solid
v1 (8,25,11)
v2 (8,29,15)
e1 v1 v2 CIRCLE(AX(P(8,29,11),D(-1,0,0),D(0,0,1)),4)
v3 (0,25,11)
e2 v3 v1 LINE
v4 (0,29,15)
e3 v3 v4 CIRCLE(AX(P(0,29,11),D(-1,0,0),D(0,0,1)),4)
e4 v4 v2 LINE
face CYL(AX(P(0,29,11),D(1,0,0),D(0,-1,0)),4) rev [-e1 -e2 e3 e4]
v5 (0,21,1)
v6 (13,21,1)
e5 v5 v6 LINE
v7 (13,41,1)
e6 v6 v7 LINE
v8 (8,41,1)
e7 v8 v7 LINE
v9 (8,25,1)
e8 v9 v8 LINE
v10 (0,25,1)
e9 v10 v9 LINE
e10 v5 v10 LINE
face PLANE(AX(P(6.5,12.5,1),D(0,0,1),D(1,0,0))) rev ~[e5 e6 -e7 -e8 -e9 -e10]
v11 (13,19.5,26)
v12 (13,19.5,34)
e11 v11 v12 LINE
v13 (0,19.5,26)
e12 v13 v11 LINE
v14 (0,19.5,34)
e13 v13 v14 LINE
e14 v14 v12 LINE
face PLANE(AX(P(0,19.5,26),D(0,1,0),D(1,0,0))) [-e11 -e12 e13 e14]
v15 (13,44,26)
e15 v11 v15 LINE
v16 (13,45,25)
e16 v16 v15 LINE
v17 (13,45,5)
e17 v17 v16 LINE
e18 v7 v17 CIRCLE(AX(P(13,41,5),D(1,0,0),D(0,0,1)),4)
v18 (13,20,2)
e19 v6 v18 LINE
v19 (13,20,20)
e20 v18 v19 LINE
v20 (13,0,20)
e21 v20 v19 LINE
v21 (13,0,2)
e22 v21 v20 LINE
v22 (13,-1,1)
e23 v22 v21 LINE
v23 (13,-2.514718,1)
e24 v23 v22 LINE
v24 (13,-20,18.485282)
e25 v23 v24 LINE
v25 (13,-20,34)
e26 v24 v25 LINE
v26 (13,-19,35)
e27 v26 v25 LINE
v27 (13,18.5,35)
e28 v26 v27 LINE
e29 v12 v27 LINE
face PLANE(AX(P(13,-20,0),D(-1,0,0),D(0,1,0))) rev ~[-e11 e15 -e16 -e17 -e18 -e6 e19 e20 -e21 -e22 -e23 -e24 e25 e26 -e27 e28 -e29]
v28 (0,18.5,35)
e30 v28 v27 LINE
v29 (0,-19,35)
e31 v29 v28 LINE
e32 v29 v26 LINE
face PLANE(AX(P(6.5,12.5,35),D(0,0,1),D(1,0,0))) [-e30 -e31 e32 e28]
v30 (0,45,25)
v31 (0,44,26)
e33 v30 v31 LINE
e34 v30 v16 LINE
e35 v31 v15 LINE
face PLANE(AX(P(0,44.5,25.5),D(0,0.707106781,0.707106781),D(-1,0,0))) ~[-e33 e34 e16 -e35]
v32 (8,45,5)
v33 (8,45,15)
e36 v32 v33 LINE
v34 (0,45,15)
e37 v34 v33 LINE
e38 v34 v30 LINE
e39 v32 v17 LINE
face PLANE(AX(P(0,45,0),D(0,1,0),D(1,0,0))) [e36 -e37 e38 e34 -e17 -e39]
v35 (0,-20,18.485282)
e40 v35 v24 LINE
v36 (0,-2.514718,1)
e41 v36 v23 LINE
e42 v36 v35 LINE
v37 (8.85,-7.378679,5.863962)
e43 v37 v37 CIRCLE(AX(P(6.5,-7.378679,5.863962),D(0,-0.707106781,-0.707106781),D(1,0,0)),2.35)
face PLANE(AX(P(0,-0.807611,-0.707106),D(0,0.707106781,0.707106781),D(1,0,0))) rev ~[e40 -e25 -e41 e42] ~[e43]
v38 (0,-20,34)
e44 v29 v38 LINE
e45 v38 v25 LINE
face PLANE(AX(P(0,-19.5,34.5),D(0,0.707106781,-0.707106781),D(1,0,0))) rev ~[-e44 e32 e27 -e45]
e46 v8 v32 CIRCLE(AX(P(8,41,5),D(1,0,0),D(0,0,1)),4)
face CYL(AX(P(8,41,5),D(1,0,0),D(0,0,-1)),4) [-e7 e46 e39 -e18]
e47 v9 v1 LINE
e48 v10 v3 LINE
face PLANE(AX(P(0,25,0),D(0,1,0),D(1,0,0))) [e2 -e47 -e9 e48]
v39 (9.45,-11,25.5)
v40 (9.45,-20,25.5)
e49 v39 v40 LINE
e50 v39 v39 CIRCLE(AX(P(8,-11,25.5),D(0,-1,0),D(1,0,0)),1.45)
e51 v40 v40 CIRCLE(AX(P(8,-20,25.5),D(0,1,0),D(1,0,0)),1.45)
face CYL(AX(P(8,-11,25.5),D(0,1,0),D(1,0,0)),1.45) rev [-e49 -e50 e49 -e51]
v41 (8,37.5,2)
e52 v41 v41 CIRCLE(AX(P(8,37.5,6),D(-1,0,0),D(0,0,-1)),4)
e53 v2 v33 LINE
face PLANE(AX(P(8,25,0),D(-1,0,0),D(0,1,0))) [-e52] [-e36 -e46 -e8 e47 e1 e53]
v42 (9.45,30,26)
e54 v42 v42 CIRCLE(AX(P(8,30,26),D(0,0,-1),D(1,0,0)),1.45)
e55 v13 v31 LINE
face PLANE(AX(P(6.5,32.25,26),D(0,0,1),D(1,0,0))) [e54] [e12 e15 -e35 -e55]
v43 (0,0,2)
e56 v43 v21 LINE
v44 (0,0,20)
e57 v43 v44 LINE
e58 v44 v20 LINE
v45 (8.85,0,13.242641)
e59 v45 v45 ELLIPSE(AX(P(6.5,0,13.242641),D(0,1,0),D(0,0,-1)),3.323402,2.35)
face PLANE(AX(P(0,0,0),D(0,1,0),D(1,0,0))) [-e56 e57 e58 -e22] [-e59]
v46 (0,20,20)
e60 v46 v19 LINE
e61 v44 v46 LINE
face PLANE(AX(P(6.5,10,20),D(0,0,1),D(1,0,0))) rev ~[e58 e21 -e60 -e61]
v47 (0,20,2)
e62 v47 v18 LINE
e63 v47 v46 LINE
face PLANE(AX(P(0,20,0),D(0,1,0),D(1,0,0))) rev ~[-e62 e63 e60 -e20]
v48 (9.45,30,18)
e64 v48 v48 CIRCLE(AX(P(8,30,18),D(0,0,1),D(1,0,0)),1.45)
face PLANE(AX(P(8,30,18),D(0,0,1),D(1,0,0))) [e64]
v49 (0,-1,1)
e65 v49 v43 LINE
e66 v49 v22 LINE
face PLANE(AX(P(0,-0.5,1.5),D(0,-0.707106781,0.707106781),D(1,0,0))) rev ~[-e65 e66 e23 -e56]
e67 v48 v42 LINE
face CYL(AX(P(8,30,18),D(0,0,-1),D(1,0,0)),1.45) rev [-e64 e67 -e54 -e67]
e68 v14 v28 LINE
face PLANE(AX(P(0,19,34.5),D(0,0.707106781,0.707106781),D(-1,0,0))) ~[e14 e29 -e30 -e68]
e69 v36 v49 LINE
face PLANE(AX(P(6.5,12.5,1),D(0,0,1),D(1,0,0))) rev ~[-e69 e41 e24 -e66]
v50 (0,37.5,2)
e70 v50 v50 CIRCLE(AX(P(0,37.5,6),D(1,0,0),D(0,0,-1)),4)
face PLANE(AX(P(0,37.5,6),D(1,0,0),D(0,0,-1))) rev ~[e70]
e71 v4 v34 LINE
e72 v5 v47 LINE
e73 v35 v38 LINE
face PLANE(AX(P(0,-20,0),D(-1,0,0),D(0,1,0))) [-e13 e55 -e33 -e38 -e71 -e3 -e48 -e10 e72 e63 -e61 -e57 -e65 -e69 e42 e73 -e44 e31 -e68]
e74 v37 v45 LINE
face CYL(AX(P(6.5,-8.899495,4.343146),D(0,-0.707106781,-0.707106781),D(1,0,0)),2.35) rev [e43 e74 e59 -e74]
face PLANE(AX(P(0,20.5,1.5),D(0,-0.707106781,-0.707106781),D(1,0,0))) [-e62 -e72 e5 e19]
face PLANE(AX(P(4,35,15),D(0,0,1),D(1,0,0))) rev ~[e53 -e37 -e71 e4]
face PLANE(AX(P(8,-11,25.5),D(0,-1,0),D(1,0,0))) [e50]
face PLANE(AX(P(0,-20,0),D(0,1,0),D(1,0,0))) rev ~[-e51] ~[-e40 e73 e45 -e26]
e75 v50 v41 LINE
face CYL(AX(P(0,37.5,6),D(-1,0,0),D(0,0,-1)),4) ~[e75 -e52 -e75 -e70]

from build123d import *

# Parameters (mm, degrees)
BOX012_W                    = 13
BOX012_H                    = 65
BOX012_DEPTH                = 1
CYLINDER004_R               = 4
CYLINDER004_DEPTH           = 10
CYLINDER002_R               = 1.45
CYLINDER002_DEPTH           = 10
CYLINDER001_R               = 2.35
CYLINDER001_DEPTH           = 15
CYLINDER001_PLACEMENT_ANGLE = 45
CYLINDER_R                  = 1.45
CYLINDER_DEPTH              = 10
BOX004_W                    = 8
BOX004_H                    = 20
BOX004_DEPTH                = 15
BOX002_W                    = 13
BOX002_H                    = 25.5
BOX002_DEPTH                = 9
BOX003_W                    = 13
BOX003_H                    = 25
BOX003_DEPTH                = 50
BOX003_PLACEMENT_ANGLE      = 45
BOX_W                       = 13
BOX_H                       = 20
BOX_DEPTH                   = 20
BOX001_W                    = 13
BOX001_H                    = 65
BOX001_DEPTH                = 35
CHAMFER_SIZE                = 1
FILLET_R                    = 4


with BuildPart() as cube008:
    # Box012 → Box012 (new body)
    with BuildSketch(Plane(origin=(0, -20, 0), x_dir=(1, 0, 0), z_dir=(0, 0, 1))):
        with Locations((6.5, 32.5)):
            Rectangle(BOX012_W, BOX012_H)
    extrude(amount=BOX012_DEPTH)


with BuildPart() as cylinder004:
    # Cylinder004 → Cylinder004 (new body)
    with BuildSketch(Plane(origin=(0, 37.5, 6), x_dir=(0, 0, -1), z_dir=(1, 0, 0))):
        Circle(CYLINDER004_R)
    extrude(amount=CYLINDER004_DEPTH)


with BuildPart() as cylinder002:
    # Cylinder002 → Cylinder002 (new body)
    with BuildSketch(Plane(origin=(8, -11, 25.5), x_dir=(1, 0, 0), z_dir=(0, -1, 0))):
        Circle(CYLINDER002_R)
    extrude(amount=CYLINDER002_DEPTH)


with BuildPart() as cylinder001:
    # Cylinder001 → Cylinder001 (new body)
    with BuildSketch(Plane.XY):
        Circle(CYLINDER001_R)
    extrude(amount=CYLINDER001_DEPTH)


with BuildPart() as cylinder001_1:
    # Cylinder001 placement: moved
    add(cylinder001.part.moved(Location((6.5, -8.899495, 4.343146))).rotate(Axis((6.5, -8.899495, 4.343146), (-1, 0, 0)), CYLINDER001_PLACEMENT_ANGLE))


with BuildPart() as fusion_holes:
    # Cylinder → Cylinder (new body)
    with BuildSketch(Plane(origin=(8, 30, 18), x_dir=(1, 0, 0), z_dir=(0, 0, 1))):
        Circle(CYLINDER_R)
    extrude(amount=CYLINDER_DEPTH)

    # Fusion001: union Cylinder002, Cylinder001
    add(cylinder002.part)
    add(cylinder001_1.part)


with BuildPart() as cube003:
    # Box004 → Box004 (new body)
    with BuildSketch(Plane(origin=(0, 25, 0), x_dir=(1, 0, 0), z_dir=(0, 0, 1))):
        with Locations((4, 10)):
            Rectangle(BOX004_W, BOX004_H)
    extrude(amount=BOX004_DEPTH)


with BuildPart() as cube002:
    # Box002 → Box002 (new body)
    with BuildSketch(Plane(origin=(0, 19.5, 26), x_dir=(1, 0, 0), z_dir=(0, 0, 1))):
        with Locations((6.5, 12.75)):
            Rectangle(BOX002_W, BOX002_H)
    extrude(amount=BOX002_DEPTH)


with BuildPart() as cube_45deg:
    # Box003 → Box003 (new body)
    with BuildSketch(Plane.XY):
        with Locations((6.5, 12.5)):
            Rectangle(BOX003_W, BOX003_H)
    extrude(amount=BOX003_DEPTH)


with BuildPart() as cube_45deg_1:
    # Box003 placement: moved
    add(cube_45deg.part.moved(Location((0, -18.485281, -18.384776))).rotate(Axis((0, -18.485281, -18.384776), (1, 0, 0)), BOX003_PLACEMENT_ANGLE))


with BuildPart() as fusion:
    # Box → Box (new body)
    with BuildSketch(Plane.XY):
        with Locations((6.5, 10)):
            Rectangle(BOX_W, BOX_H)
    extrude(amount=BOX_DEPTH)

    # Fusion: union Cube002, cube_45deg
    add(cube002.part)
    add(cube_45deg_1.part)


with BuildPart() as body:
    # Box001 → Box001 (new body)
    with BuildSketch(Plane(origin=(0, -20, 0), x_dir=(1, 0, 0), z_dir=(0, 0, 1))):
        with Locations((6.5, 32.5)):
            Rectangle(BOX001_W, BOX001_H)
    extrude(amount=BOX001_DEPTH)

    # Cut: cut Fusion
    add(fusion.part, mode=Mode.SUBTRACT)

    # Cut001: cut Cube003
    add(cube003.part, mode=Mode.SUBTRACT)

    # Cut002: cut fusion holes
    add(fusion_holes.part, mode=Mode.SUBTRACT)

    # Fusion002: union Cylinder004
    add(cylinder004.part)

    # Cut008: cut Cube008
    add(cube008.part, mode=Mode.SUBTRACT)

    # Chamfer
    chamfer_edges = [body.edges().sort_by_distance(p)[0] for p in [
        (6.5, 45, 26),
        (6.5, 19.5, 35),
        (6.5, -20, 35),
        (6.5, 0, 1),
        (6.5, 20, 1),
    ]]
    chamfer(chamfer_edges, length=CHAMFER_SIZE)

    # Fillet
    fillet_edges = [body.edges().sort_by_distance(p)[0] for p in [
        (10.5, 45, 1),
        (4, 25, 15),
    ]]
    fillet(fillet_edges, radius=FILLET_R)


solid = body.part
